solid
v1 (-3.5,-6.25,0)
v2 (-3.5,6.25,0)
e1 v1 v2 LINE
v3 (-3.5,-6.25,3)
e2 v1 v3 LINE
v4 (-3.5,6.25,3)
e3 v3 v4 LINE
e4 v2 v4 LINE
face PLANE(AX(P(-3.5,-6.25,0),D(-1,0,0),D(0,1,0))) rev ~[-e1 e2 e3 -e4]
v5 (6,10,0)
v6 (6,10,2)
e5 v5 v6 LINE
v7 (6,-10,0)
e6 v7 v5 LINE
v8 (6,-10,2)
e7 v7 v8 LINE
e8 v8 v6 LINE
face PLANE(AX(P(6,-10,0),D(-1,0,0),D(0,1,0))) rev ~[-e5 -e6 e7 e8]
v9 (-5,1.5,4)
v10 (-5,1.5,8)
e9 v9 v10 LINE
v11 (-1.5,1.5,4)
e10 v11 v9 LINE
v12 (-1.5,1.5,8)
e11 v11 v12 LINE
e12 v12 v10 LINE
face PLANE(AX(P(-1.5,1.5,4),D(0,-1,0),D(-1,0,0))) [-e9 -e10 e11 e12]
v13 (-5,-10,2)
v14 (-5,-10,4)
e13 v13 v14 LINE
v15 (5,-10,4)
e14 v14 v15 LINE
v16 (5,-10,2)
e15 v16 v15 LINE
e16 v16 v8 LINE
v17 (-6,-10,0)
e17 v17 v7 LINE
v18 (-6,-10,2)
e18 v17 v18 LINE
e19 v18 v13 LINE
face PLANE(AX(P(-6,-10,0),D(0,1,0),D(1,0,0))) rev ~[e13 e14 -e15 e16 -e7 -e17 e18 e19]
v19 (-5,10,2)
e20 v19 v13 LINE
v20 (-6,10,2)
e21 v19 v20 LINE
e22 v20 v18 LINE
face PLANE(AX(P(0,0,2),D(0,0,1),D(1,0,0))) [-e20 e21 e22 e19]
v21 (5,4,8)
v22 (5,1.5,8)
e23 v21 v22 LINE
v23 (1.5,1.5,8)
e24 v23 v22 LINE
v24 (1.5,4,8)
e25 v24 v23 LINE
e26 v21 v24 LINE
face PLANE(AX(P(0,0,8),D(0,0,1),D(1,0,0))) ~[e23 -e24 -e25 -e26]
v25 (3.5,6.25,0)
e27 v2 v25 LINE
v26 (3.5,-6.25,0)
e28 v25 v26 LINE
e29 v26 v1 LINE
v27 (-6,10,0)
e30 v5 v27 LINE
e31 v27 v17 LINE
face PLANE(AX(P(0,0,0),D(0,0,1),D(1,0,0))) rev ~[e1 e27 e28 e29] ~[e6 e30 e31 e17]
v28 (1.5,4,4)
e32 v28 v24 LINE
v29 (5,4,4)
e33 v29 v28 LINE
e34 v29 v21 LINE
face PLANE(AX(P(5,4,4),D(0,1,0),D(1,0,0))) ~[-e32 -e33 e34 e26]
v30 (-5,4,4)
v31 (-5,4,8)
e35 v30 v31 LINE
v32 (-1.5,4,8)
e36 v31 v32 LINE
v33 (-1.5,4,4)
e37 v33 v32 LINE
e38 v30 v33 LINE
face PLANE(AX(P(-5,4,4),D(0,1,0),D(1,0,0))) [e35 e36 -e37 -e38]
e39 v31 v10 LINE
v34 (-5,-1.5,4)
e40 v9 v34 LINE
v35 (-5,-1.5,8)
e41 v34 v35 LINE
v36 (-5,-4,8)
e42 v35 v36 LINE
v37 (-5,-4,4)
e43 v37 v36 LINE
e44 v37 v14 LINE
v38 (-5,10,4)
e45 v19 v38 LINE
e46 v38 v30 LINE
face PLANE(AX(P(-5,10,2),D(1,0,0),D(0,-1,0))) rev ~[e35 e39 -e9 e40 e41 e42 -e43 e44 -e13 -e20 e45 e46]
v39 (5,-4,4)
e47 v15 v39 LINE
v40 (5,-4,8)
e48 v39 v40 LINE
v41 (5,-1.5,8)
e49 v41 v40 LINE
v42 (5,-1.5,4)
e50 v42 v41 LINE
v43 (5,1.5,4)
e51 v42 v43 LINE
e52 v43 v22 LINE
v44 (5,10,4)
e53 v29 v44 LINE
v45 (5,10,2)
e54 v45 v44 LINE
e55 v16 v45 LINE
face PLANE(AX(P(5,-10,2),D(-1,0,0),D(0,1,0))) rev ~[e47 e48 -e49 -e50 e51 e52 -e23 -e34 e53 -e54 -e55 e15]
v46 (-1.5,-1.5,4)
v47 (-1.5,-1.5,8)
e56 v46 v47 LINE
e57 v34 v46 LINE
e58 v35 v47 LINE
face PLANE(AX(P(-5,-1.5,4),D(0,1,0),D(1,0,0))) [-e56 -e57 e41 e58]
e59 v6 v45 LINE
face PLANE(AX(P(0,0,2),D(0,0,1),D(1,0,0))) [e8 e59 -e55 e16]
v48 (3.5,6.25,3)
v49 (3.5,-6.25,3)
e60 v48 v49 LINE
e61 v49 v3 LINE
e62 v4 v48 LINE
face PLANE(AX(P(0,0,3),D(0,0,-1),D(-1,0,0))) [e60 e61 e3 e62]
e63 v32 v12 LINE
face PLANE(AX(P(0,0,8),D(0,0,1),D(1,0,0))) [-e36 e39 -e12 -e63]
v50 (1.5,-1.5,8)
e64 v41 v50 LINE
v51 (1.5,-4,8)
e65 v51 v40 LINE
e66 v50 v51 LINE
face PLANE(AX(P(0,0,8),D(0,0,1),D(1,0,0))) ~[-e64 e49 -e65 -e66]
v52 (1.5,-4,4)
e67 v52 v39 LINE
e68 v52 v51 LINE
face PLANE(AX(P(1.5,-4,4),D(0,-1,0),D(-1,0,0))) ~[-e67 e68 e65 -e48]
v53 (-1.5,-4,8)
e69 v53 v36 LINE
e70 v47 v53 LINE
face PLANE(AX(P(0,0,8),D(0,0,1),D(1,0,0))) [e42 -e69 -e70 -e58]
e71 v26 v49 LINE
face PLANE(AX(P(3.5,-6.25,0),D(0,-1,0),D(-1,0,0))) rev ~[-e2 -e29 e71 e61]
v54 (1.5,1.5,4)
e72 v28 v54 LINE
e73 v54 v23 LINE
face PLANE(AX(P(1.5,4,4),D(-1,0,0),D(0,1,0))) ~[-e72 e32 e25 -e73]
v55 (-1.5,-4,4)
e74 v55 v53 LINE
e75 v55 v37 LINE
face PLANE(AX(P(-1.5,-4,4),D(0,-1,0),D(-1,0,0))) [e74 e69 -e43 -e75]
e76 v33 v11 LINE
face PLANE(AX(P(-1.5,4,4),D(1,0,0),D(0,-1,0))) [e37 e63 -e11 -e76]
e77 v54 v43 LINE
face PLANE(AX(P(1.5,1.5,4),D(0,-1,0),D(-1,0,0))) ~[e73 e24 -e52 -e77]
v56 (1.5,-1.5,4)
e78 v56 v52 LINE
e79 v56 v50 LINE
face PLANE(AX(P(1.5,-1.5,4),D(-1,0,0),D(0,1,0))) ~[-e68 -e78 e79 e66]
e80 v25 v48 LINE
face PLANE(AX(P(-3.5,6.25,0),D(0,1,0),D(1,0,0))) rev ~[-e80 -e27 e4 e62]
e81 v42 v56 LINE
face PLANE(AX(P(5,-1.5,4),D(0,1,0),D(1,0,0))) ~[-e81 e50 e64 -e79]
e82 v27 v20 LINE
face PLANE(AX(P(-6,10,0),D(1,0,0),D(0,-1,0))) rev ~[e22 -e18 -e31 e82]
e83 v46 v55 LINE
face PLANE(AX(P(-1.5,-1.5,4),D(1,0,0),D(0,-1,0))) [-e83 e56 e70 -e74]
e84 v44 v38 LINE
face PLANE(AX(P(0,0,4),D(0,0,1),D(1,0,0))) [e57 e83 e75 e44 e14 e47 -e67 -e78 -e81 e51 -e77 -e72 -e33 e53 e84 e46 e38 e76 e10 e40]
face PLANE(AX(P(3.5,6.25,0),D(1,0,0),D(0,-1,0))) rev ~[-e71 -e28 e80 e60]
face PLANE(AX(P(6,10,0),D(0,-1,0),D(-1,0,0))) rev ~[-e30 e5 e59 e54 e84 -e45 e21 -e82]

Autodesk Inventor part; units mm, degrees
ref_plane "YZ Plane" through (0, 0, 0) normal (1, 0, 0) x (0, 1, 0)
ref_plane "XZ Plane" through (0, 0, 0) normal (0, 1, 0) x (-1, 0, 0)
ref_plane "XY Plane" through (0, 0, 0) normal (0, 0, 1) x (1, 0, 0)
sketch "Sketch1" plane through (0, 0, 0) normal (0, 0, 1) x (1, 0, 0)
  line L0 (-6, -10) -> (6, -10)
  line L1 (6, -10) -> (6, 10)
  line L2 (6, 10) -> (-6, 10)
  line L3 (-6, 10) -> (-6, -10)
  line L4 (-6, -10) -> (6, 10) construction
  line L5 (6, -10) -> (-6, 10) construction
  point P0 (0, 0)
  dimension "d0" = 12
  dimension "d1" = 20
extrude "Extrusion1" add sketch "Sketch1" along normal blind 2
sketch "Sketch2" plane through (0, 0, 2) normal (0, 0, 1) x (1, 0, 0)
  line L0 (-5, -10) -> (5, -10)
  line L1 (5, -10) -> (5, 10)
  line L2 (5, 10) -> (-5, 10)
  line L3 (-5, 10) -> (-5, -10)
  line L4 (-5, -10) -> (5, 10) construction
  line L5 (5, -10) -> (-5, 10) construction
  point P0 (0, 0)
  point P1 (-6, 10)
  dimension "d4" = 10
extrude "Extrusion2" add sketch "Sketch2" along normal blind 2
sketch "Sketch3" plane through (0, 0, 4) normal (0, 0, 1) x (1, 0, 0)
  line L0 (-5, 10) -> (-5, -10) projected
  line L1 (-5, 4) -> (-1.5, 4)
  line L2 (-1.5, 4) -> (-1.5, 1.5)
  line L3 (-1.5, 1.5) -> (-5, 1.5)
  line L4 (-5, -1.5) -> (-1.5, -1.5)
  line L5 (-1.5, -1.5) -> (-1.5, -4)
  line L6 (-1.5, -4) -> (-5, -4)
  line L7 (5, 10) -> (-5, 10) projected
  line L8 (-5, -10) -> (5, -10) projected
  point P0 (0, 0)
  dimension "d7" = 6
  dimension "d8" = 2.5
  dimension "d9" = 6
  dimension "d10" = 2.5
  dimension "d11" = 1.5
extrude "Extrusion3" add sketch "Sketch3" along normal blind 4
mirror "Mirror1" about plane through (0, 0, 0) normal (1, 0, 0) of "Extrusion3"
sketch "Sketch4" plane through (0, 0, 0) normal (0, 0, -1) x (-1, 0, 0)
  line L0 (-3.5, -6.25) -> (3.5, -6.25)
  line L1 (3.5, -6.25) -> (3.5, 6.25)
  line L2 (3.5, 6.25) -> (-3.5, 6.25)
  line L3 (-3.5, 6.25) -> (-3.5, -6.25)
  line L4 (-3.5, -6.25) -> (3.5, 6.25) construction
  line L5 (3.5, -6.25) -> (-3.5, 6.25) construction
  line L6 (-6, 10) -> (6, 10) projected
  point P0 (0, 0)
  dimension "d14" = 12.5
  dimension "d15" = 3.75
  dimension "d16" = 7
extrude "Extrusion4" cut sketch "Sketch4" against normal blind 3
equation "\"d9\" = d7"
equation "\"d10\" = d8"
properties part number "18"
